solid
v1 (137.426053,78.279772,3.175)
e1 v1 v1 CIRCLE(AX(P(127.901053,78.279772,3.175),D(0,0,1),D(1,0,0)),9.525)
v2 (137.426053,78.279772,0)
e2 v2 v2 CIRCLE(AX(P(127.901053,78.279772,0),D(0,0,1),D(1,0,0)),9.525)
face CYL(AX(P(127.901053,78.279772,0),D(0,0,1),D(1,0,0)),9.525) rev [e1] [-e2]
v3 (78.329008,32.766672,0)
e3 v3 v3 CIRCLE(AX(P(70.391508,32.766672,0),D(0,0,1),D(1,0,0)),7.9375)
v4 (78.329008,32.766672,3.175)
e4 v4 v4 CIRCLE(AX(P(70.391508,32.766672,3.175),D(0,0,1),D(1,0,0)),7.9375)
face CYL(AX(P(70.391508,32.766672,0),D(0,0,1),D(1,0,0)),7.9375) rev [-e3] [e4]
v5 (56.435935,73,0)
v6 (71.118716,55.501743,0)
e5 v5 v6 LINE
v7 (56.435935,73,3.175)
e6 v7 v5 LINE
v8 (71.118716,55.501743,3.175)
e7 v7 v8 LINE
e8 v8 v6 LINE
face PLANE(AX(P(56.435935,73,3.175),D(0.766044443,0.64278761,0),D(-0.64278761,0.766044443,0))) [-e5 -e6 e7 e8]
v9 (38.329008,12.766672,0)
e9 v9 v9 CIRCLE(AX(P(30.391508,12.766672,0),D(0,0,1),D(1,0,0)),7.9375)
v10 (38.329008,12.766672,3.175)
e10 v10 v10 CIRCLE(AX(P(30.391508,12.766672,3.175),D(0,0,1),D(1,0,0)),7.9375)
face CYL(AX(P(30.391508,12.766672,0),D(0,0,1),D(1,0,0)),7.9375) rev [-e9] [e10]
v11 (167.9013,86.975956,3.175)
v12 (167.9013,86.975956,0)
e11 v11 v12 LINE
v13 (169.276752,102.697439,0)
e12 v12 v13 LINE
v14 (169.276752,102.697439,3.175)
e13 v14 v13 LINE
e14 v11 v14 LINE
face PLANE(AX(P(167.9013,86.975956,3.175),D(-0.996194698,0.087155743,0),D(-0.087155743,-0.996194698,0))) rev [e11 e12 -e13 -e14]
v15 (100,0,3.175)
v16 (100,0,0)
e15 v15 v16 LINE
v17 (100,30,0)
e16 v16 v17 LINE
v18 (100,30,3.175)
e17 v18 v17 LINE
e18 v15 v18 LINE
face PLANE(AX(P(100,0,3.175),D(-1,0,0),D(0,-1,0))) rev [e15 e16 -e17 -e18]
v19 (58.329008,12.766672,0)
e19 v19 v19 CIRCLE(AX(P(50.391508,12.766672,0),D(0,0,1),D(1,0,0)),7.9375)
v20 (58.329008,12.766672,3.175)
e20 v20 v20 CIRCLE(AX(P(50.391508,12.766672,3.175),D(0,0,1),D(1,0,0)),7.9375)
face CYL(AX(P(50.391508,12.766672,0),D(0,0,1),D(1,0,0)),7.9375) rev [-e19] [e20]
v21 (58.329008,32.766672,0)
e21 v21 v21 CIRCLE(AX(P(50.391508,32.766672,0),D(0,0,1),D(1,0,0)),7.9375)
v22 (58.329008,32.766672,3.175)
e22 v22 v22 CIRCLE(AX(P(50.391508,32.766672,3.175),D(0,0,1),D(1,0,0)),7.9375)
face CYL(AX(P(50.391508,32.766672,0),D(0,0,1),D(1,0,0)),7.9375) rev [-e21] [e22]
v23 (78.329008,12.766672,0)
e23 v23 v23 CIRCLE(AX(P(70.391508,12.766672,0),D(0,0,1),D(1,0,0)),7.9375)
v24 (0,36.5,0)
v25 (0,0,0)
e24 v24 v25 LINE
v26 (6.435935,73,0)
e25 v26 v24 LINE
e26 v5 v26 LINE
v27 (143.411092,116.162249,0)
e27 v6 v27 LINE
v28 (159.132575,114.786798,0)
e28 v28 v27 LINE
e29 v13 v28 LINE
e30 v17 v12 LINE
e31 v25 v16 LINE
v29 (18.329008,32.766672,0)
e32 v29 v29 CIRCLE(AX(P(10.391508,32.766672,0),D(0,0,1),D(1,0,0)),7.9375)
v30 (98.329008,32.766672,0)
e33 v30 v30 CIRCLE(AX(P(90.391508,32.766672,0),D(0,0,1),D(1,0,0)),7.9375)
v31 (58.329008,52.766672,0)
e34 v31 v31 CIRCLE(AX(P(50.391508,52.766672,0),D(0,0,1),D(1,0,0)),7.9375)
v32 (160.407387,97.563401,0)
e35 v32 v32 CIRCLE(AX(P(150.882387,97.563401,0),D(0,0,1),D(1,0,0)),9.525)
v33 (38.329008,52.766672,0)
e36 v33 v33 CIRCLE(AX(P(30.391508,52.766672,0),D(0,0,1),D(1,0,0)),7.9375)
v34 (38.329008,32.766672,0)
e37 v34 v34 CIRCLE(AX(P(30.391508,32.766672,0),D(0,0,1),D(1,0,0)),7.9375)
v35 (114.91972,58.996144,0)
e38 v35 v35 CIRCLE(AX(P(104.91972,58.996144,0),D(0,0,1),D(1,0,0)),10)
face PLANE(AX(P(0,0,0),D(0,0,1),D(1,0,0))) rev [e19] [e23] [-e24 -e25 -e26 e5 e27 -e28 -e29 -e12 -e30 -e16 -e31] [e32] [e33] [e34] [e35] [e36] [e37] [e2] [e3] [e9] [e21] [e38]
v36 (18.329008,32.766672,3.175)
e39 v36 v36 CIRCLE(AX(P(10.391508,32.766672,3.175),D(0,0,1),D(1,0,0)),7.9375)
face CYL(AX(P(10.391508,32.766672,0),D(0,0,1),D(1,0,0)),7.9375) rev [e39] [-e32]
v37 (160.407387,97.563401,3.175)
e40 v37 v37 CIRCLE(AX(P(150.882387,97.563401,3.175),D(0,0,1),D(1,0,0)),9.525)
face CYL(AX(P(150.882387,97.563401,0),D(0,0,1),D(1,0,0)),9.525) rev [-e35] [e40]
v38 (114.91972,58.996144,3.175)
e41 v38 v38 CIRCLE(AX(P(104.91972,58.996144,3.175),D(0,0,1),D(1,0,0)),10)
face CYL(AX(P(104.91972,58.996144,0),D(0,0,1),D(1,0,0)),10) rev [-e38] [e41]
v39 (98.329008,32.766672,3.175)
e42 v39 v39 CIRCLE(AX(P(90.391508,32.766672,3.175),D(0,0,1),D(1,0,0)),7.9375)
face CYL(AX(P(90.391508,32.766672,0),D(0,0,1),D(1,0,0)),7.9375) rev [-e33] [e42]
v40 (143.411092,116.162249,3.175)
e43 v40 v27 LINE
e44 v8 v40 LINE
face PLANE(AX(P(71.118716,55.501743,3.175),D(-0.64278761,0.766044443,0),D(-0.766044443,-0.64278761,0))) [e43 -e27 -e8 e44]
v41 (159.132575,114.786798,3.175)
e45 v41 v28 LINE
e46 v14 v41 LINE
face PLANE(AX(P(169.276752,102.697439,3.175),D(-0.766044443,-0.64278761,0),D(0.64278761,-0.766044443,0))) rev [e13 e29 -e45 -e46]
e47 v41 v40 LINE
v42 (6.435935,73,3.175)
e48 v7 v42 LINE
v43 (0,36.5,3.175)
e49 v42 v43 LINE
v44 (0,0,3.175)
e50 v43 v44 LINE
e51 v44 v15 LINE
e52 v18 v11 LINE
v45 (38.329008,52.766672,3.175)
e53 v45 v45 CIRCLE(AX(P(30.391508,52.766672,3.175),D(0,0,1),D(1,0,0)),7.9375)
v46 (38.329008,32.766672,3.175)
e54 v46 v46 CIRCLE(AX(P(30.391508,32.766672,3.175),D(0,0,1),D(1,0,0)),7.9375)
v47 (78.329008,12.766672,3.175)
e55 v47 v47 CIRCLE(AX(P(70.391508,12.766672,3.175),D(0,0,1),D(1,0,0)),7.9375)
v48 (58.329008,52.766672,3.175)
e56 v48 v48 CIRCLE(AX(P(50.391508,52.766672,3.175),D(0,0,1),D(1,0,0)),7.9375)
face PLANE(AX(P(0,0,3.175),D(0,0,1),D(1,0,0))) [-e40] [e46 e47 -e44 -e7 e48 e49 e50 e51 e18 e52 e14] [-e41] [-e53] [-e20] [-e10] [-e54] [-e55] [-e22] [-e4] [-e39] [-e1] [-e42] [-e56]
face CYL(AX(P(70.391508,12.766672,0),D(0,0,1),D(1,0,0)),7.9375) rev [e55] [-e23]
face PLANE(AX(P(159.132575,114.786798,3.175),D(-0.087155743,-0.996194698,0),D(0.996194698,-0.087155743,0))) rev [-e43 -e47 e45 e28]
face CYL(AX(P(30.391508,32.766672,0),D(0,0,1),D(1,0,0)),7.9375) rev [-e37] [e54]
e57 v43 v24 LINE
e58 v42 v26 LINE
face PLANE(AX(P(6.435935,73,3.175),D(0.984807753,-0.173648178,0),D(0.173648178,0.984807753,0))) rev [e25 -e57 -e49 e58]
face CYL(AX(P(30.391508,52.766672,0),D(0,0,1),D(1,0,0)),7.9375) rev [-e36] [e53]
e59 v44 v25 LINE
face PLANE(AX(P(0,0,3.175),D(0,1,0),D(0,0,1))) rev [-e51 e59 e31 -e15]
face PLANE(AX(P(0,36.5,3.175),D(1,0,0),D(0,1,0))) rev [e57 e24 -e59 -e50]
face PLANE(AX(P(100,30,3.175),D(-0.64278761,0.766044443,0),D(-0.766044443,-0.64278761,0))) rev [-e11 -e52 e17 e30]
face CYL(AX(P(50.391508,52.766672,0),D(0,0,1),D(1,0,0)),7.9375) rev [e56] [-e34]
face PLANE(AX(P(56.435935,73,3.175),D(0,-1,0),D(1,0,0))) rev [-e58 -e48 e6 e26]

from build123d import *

# Parameters (mm, degrees)
BASE_EXTRUDE_DEPTH = 3.175
SKETCH3_R          = 9.525
SKETCH3_R_2        = 10
SKETCH3_R_3        = 7.9375
HOLES_DEPTH        = 4.175


with BuildPart() as part:
    # Sketch2 → Base Extrude (new body)
    with BuildSketch(Plane.XY):
        Polygon((0, 0), (100, 0), (100, 30), (167.901300028, 86.97595581), (169.276751583, 102.697439025), (159.132575314, 114.786797538), (143.411092099, 116.162249093), (71.118715891, 55.50174288), (56.435934796, 73), (6.435934796, 73), (0, 36.5), align=None)
    extrude(amount=BASE_EXTRUDE_DEPTH)

    # Sketch3 → Holes (cut, through all)
    with BuildSketch(Plane.XY.offset(3.175)):
        with Locations((150.882386677, 97.563400756)):
            Circle(SKETCH3_R)
        with Locations((127.901053383, 78.279772465)):
            Circle(SKETCH3_R)
        with Locations((104.91972009, 58.996144175)):
            Circle(SKETCH3_R_2)
        with Locations((30.39150811, 52.766671577)):
            Circle(SKETCH3_R_3)
        with Locations((50.39150811, 52.766671577)):
            Circle(SKETCH3_R_3)
        with Locations((10.39150811, 32.766671577)):
            Circle(SKETCH3_R_3)
        with Locations((30.39150811, 32.766671577)):
            Circle(SKETCH3_R_3)
        with Locations((50.39150811, 32.766671577)):
            Circle(SKETCH3_R_3)
        with Locations((70.39150811, 32.766671577)):
            Circle(SKETCH3_R_3)
        with Locations((30.39150811, 12.766671577)):
            Circle(SKETCH3_R_3)
        with Locations((50.39150811, 12.766671577)):
            Circle(SKETCH3_R_3)
        with Locations((70.39150811, 12.766671577)):
            Circle(SKETCH3_R_3)
        with Locations((90.39150811, 32.766671577)):
            Circle(SKETCH3_R_3)
    extrude(amount=-HOLES_DEPTH, mode=Mode.SUBTRACT)


solid = part.part
